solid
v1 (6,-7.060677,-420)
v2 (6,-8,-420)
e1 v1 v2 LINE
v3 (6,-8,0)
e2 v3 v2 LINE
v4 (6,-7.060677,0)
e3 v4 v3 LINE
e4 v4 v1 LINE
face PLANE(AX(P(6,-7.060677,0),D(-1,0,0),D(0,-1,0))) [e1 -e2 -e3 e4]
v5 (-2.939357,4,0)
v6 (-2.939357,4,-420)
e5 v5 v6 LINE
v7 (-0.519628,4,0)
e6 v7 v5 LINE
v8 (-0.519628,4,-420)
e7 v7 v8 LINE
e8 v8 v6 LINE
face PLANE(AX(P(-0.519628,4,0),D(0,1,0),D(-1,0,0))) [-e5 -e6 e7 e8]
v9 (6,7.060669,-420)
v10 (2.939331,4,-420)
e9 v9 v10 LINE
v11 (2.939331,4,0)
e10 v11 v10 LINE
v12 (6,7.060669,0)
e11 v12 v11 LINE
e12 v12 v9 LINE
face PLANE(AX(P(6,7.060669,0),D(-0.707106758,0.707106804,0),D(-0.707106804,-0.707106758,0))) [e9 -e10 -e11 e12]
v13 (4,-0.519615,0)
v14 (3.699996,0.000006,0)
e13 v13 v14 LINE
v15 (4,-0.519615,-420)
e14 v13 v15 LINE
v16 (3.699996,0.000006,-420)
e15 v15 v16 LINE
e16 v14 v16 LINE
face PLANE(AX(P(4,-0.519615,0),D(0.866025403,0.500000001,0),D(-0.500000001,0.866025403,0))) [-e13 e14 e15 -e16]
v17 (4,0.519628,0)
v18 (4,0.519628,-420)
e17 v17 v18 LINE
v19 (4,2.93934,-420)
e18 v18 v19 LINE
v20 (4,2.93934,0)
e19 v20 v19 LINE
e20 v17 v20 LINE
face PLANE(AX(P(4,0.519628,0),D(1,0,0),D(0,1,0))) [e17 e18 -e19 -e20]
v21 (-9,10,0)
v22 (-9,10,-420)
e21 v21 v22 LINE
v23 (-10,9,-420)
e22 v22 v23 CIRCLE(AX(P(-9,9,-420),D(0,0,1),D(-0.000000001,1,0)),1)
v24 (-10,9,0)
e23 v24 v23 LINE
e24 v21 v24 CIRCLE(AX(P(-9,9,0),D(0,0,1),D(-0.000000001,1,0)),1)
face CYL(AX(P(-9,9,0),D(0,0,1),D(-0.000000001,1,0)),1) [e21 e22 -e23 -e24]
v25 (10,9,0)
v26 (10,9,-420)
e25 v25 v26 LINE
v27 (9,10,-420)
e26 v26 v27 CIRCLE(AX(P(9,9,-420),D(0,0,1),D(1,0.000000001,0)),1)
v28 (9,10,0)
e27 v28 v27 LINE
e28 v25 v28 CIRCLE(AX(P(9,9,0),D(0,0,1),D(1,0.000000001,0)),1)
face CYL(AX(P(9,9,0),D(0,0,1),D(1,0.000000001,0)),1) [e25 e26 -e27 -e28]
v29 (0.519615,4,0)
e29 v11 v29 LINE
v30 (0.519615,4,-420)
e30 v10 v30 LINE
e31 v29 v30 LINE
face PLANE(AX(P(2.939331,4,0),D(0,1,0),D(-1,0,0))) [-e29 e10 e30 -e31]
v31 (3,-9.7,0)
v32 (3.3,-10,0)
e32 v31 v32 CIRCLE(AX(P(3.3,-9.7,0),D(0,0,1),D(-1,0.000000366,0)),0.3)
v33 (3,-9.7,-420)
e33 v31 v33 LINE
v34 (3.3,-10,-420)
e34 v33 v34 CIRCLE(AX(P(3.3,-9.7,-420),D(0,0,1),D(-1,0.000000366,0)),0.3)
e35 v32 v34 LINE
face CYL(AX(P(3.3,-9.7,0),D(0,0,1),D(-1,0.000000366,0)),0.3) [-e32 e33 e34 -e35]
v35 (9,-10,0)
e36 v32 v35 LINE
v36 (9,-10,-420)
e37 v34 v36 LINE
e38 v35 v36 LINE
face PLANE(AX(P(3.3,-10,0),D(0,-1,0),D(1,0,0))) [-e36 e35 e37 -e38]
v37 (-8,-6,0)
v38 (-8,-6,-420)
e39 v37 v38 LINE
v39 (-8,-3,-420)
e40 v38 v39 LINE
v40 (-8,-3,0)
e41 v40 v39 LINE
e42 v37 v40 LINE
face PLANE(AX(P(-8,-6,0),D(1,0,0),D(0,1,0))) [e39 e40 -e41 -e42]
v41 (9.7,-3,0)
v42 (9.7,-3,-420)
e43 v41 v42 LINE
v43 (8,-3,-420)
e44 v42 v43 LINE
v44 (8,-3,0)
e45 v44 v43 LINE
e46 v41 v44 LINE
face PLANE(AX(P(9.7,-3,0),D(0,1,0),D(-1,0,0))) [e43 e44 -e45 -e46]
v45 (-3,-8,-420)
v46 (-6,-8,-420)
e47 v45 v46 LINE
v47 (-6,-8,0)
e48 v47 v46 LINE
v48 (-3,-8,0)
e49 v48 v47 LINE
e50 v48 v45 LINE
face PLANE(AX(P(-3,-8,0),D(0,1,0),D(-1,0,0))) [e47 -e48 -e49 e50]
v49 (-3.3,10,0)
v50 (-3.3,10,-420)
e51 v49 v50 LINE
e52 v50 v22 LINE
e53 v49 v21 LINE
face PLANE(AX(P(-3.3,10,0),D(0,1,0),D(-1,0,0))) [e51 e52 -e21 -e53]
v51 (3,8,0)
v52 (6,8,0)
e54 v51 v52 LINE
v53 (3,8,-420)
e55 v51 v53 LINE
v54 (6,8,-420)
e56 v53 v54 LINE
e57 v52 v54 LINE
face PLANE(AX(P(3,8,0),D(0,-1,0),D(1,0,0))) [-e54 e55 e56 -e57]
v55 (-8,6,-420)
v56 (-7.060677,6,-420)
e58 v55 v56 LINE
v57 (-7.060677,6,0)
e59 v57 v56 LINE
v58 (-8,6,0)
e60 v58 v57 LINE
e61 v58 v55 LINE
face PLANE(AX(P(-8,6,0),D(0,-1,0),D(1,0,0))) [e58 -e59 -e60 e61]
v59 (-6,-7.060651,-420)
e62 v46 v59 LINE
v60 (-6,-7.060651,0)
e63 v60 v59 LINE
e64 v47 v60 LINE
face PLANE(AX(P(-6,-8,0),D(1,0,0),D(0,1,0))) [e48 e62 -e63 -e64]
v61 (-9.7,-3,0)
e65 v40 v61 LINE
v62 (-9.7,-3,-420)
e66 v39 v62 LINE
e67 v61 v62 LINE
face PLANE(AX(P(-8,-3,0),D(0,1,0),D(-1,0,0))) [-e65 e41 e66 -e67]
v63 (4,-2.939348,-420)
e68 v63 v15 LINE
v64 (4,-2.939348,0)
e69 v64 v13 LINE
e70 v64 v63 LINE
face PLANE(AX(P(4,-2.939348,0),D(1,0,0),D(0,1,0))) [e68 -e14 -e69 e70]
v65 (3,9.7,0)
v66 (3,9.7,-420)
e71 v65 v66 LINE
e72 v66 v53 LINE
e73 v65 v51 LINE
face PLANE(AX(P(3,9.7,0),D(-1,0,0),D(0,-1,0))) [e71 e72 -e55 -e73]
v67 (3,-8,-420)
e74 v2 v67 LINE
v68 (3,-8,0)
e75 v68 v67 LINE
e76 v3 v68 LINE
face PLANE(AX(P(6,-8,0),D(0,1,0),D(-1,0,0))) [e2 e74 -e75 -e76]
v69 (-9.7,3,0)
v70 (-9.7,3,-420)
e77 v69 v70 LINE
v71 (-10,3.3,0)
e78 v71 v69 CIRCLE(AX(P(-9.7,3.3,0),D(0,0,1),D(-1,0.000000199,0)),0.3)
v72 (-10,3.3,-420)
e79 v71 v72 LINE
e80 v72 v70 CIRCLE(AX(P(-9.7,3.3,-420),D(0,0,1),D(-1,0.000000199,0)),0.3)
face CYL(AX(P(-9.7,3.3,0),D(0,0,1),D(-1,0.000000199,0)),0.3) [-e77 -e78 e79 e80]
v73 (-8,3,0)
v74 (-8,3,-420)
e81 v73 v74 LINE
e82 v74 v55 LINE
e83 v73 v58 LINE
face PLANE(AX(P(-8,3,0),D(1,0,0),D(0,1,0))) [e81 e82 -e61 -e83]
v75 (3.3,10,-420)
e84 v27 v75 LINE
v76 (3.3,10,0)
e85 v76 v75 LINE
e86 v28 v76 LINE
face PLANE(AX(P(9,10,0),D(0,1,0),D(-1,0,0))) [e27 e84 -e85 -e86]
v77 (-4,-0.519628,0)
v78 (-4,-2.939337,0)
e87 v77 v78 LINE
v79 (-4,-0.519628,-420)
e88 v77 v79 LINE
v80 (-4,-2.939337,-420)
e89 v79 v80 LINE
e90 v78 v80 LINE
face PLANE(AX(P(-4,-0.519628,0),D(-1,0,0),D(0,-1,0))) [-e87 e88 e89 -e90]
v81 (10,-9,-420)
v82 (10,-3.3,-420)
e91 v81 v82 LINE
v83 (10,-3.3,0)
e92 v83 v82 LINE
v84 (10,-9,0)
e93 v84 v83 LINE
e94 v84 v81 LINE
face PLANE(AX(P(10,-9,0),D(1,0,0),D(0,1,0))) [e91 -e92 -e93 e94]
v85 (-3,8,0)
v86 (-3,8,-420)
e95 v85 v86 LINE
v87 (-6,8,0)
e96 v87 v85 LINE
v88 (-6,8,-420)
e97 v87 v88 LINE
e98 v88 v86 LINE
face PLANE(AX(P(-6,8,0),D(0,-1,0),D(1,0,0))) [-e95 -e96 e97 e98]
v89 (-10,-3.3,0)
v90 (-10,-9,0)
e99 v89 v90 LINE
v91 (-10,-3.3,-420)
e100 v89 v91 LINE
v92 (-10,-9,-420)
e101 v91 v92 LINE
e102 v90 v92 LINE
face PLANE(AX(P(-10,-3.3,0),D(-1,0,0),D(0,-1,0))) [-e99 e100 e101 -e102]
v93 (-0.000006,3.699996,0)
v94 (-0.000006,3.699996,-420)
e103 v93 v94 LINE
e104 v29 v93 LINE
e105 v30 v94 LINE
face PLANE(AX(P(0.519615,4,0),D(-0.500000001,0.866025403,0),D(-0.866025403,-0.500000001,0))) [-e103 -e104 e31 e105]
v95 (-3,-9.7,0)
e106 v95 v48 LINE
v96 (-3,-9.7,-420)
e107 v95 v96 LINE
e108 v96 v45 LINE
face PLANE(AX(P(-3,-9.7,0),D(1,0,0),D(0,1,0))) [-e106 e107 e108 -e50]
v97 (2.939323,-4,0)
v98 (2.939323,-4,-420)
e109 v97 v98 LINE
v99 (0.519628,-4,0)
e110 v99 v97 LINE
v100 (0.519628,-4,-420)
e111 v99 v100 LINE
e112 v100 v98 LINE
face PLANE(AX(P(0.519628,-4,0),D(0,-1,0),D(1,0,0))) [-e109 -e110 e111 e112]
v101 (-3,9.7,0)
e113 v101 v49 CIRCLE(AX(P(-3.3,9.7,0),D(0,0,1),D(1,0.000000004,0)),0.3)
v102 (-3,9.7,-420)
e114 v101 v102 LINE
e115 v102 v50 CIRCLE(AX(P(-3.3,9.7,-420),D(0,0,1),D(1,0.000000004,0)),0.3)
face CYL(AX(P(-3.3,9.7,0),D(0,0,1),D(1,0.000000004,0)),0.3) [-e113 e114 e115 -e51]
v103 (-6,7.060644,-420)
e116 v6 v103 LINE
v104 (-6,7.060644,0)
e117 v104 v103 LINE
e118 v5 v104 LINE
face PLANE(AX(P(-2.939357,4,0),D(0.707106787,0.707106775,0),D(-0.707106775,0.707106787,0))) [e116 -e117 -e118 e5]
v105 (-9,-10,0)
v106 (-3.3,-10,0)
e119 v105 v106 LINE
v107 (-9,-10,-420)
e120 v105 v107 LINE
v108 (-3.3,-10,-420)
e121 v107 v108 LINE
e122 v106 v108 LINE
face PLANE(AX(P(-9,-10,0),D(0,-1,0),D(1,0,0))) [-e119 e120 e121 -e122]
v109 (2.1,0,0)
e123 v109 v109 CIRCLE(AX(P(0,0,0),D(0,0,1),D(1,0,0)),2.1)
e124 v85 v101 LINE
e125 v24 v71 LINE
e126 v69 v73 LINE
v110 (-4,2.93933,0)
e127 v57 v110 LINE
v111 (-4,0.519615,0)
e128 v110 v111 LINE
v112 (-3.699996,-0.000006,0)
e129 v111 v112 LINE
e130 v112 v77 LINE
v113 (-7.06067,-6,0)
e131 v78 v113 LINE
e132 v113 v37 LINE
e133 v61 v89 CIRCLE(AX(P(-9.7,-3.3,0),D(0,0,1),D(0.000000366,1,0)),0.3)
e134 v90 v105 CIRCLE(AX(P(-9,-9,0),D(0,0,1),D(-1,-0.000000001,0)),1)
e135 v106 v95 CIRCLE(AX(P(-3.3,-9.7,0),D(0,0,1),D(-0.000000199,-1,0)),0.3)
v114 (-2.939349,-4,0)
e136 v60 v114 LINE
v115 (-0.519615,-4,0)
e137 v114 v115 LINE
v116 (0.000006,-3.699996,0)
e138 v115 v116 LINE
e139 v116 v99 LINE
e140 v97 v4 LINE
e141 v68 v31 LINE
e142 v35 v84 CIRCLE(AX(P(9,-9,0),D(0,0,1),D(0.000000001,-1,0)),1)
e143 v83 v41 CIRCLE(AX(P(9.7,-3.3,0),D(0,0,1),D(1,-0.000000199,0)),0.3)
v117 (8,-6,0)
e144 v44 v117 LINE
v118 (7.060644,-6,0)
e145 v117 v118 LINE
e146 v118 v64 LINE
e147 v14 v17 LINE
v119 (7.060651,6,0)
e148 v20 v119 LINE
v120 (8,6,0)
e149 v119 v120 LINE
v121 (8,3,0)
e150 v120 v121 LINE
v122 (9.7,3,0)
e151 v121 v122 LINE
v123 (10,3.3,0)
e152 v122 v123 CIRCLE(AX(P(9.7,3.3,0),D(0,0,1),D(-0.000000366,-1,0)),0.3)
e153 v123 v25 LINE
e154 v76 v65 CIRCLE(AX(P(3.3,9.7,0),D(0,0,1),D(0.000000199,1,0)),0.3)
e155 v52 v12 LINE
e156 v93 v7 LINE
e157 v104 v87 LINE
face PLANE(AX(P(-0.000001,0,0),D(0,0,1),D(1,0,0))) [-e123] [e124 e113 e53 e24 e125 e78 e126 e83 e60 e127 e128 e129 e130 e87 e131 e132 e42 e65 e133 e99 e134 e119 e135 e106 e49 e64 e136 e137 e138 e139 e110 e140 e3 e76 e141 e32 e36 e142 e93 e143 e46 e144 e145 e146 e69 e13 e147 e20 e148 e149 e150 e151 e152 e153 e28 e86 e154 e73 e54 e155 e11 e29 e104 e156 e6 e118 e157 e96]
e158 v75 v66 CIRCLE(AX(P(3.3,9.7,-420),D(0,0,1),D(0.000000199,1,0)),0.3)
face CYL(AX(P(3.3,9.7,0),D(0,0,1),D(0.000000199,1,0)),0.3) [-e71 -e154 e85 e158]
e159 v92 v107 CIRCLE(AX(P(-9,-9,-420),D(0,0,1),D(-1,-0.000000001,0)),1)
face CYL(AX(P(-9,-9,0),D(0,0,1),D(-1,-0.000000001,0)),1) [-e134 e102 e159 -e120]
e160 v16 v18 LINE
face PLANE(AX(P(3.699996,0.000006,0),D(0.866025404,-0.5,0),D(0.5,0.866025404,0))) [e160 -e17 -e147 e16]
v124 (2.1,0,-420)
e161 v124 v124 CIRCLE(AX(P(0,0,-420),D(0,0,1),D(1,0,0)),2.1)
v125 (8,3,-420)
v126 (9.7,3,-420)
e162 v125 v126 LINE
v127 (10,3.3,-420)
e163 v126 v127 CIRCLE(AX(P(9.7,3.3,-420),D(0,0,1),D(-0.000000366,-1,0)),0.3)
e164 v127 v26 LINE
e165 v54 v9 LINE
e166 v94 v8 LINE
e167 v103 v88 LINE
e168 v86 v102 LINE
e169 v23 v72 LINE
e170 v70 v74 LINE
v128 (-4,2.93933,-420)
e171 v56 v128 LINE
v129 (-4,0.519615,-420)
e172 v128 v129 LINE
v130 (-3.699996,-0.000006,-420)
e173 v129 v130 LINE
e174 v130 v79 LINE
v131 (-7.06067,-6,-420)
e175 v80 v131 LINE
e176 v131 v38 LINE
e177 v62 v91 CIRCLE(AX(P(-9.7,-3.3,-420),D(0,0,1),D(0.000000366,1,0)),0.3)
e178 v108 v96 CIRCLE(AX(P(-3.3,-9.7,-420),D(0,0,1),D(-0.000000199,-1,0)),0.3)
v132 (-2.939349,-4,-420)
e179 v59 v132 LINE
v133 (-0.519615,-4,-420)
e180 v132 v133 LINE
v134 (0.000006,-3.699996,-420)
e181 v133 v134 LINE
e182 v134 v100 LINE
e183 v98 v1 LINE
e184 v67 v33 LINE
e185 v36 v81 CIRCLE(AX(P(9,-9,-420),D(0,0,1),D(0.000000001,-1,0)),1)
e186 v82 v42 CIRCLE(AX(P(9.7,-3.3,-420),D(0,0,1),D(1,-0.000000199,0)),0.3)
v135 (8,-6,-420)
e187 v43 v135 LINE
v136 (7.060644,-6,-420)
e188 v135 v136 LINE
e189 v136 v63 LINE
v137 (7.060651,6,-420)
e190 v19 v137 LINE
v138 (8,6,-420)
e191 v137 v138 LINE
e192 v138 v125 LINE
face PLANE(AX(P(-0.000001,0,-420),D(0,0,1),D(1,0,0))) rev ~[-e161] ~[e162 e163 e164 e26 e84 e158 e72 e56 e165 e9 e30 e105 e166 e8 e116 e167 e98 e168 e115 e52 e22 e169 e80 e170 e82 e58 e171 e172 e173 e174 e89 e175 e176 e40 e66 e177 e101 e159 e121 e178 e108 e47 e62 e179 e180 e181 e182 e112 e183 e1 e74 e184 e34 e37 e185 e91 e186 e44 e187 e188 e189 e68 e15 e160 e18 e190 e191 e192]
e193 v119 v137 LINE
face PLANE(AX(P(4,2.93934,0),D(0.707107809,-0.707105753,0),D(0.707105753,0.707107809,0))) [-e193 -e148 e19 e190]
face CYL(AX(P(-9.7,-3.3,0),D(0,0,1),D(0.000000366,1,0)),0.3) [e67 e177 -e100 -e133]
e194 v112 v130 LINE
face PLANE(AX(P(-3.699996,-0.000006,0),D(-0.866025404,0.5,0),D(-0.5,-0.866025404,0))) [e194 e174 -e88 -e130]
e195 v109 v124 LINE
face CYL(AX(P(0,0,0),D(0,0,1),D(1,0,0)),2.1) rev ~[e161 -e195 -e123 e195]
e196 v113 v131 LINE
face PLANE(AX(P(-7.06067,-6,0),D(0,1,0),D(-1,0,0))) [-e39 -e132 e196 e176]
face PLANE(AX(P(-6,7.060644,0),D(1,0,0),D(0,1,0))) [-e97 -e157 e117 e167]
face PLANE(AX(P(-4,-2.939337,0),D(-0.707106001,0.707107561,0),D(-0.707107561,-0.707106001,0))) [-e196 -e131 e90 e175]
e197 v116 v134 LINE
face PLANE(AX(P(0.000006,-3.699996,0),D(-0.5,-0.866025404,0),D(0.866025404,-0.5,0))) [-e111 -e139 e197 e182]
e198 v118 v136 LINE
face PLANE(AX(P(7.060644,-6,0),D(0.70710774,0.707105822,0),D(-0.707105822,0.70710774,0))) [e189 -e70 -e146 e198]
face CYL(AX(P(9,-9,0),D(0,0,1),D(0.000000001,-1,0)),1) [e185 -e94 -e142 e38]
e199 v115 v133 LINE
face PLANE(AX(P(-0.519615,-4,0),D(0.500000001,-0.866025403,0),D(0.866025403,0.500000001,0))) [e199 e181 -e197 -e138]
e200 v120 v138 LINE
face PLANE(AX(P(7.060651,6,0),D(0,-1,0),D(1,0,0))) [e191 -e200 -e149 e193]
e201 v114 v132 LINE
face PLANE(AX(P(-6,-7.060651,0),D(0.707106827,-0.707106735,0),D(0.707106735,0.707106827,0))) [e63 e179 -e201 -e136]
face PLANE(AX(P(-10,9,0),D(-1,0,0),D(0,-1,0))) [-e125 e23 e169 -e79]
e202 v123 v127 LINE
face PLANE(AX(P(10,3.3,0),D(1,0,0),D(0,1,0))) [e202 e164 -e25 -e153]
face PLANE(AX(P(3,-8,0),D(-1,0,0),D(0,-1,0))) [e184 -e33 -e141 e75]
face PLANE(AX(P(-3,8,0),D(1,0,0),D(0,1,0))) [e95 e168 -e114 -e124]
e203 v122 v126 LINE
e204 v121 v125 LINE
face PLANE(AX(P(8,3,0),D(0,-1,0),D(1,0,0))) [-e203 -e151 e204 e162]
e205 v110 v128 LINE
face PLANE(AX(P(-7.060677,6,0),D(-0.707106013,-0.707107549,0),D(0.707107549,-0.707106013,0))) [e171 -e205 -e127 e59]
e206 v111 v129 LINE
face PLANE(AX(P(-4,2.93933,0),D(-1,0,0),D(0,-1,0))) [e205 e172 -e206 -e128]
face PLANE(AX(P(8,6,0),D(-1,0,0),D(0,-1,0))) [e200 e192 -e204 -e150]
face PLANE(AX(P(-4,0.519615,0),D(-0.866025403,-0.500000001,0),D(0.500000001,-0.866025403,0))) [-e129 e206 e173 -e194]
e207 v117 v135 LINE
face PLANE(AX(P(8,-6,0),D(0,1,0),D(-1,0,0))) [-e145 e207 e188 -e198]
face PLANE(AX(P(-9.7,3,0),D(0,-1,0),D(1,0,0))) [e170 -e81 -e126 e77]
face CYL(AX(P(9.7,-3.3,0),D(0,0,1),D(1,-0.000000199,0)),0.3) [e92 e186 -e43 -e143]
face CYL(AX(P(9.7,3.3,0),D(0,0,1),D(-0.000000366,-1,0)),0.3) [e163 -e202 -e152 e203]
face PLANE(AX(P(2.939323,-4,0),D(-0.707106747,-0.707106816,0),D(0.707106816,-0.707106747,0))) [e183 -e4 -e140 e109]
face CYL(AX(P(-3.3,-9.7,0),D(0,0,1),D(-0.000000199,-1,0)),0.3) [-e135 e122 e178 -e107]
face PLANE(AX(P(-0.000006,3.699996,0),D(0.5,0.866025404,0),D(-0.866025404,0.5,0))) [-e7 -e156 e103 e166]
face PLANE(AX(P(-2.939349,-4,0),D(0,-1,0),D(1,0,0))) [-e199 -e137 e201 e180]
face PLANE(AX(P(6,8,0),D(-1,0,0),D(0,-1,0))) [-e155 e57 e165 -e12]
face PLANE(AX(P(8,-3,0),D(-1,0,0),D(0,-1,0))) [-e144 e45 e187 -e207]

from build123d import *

# Parameters (mm, degrees)
SKETCH1_R           = 2.1
BOSS_EXTRUDE1_DEPTH = 420


with BuildPart() as part:
    # Sketch1 → Boss-Extrude1 (new body)
    with BuildSketch(Plane.XY):
        with BuildLine():
            Line((-10, 9), (-10, 3.29999995))
            ThreePointArc((-10, 3.29999995), (-9.912132049, 3.087867916), (-9.7, 3))
            Line((-9.7, 3), (-8, 3))
            Line((-8, 3), (-8, 6))
            Line((-8, 6), (-7.060677, 6))
            Line((-7.060677, 6), (-4, 2.93932965))
            Line((-4, 2.93932965), (-4, 0.519615242))
            Line((-4, 0.519615242), (-3.699996283, -6.437e-06))
            Line((-3.699996283, -6.437e-06), (-4, -0.519628117))
            Line((-4, -0.519628117), (-4, -2.93933725))
            Line((-4, -2.93933725), (-7.0606695, -6))
            Line((-7.0606695, -6), (-8, -6))
            Line((-8, -6), (-8, -3))
            Line((-8, -3), (-9.7, -3))
            ThreePointArc((-9.7, -3), (-9.912132049, -3.087867916), (-10, -3.29999995))
            Line((-10, -3.29999995), (-10, -9))
            ThreePointArc((-10, -9), (-9.707106781, -9.707106781), (-9, -10))
            Line((-9, -10), (-3.29999995, -10))
            ThreePointArc((-3.29999995, -10), (-3.087867916, -9.912132049), (-3, -9.7))
            Line((-3, -9.7), (-3, -8))
            Line((-3, -8), (-6, -8))
            Line((-6, -8), (-6, -7.0606515))
            Line((-6, -7.0606515), (-2.9393489, -4))
            Line((-2.9393489, -4), (-0.519615242, -4))
            Line((-0.519615242, -4), (6.437e-06, -3.699996283))
            Line((6.437e-06, -3.699996283), (0.519628117, -4))
            Line((0.519628117, -4), (2.9393227, -4))
            Line((2.9393227, -4), (6, -7.060677))
            Line((6, -7.060677), (6, -8))
            Line((6, -8), (3, -8))
            Line((3, -8), (3, -9.7))
            ThreePointArc((3, -9.7), (3.087867916, -9.912132049), (3.29999995, -10))
            Line((3.29999995, -10), (9, -10))
            ThreePointArc((9, -10), (9.707106781, -9.707106781), (10, -9))
            Line((10, -9), (10, -3.29999995))
            ThreePointArc((10, -3.29999995), (9.912132049, -3.087867916), (9.7, -3))
            Line((9.7, -3), (8, -3))
            Line((8, -3), (8, -6))
            Line((8, -6), (7.0606435, -6))
            Line((7.0606435, -6), (4, -2.9393482))
            Line((4, -2.9393482), (4, -0.519615242))
            Line((4, -0.519615242), (3.699996283, 6.437e-06))
            Line((3.699996283, 6.437e-06), (4, 0.519628117))
            Line((4, 0.519628117), (4, 2.9393401))
            Line((4, 2.9393401), (7.060651, 6))
            Line((7.060651, 6), (8, 6))
            Line((8, 6), (8, 3))
            Line((8, 3), (9.7, 3))
            ThreePointArc((9.7, 3), (9.912132049, 3.087867916), (10, 3.29999995))
            Line((10, 3.29999995), (10, 9))
            ThreePointArc((10, 9), (9.707106781, 9.707106781), (9, 10))
            Line((9, 10), (3.29999995, 10))
            ThreePointArc((3.29999995, 10), (3.087867916, 9.912132049), (3, 9.7))
            Line((3, 9.7), (3, 8))
            Line((3, 8), (6, 8))
            Line((6, 8), (6, 7.060669))
            Line((6, 7.060669), (2.9393308, 4))
            Line((2.9393308, 4), (0.519615242, 4))
            Line((0.519615242, 4), (-6.437e-06, 3.699996283))
            Line((-6.437e-06, 3.699996283), (-0.519628117, 4))
            Line((-0.519628117, 4), (-2.93935655, 4))
            Line((-2.93935655, 4), (-6, 7.0606435))
            Line((-6, 7.0606435), (-6, 8))
            Line((-6, 8), (-3, 8))
            Line((-3, 8), (-3, 9.7))
            ThreePointArc((-3, 9.7), (-3.087867966, 9.912132034), (-3.3, 10))
            Line((-3.3, 10), (-9, 10))
            ThreePointArc((-9, 10), (-9.707106781, 9.707106781), (-10, 9))
        make_face()
        Circle(SKETCH1_R, mode=Mode.SUBTRACT)
    extrude(amount=-BOSS_EXTRUDE1_DEPTH)


solid = part.part
